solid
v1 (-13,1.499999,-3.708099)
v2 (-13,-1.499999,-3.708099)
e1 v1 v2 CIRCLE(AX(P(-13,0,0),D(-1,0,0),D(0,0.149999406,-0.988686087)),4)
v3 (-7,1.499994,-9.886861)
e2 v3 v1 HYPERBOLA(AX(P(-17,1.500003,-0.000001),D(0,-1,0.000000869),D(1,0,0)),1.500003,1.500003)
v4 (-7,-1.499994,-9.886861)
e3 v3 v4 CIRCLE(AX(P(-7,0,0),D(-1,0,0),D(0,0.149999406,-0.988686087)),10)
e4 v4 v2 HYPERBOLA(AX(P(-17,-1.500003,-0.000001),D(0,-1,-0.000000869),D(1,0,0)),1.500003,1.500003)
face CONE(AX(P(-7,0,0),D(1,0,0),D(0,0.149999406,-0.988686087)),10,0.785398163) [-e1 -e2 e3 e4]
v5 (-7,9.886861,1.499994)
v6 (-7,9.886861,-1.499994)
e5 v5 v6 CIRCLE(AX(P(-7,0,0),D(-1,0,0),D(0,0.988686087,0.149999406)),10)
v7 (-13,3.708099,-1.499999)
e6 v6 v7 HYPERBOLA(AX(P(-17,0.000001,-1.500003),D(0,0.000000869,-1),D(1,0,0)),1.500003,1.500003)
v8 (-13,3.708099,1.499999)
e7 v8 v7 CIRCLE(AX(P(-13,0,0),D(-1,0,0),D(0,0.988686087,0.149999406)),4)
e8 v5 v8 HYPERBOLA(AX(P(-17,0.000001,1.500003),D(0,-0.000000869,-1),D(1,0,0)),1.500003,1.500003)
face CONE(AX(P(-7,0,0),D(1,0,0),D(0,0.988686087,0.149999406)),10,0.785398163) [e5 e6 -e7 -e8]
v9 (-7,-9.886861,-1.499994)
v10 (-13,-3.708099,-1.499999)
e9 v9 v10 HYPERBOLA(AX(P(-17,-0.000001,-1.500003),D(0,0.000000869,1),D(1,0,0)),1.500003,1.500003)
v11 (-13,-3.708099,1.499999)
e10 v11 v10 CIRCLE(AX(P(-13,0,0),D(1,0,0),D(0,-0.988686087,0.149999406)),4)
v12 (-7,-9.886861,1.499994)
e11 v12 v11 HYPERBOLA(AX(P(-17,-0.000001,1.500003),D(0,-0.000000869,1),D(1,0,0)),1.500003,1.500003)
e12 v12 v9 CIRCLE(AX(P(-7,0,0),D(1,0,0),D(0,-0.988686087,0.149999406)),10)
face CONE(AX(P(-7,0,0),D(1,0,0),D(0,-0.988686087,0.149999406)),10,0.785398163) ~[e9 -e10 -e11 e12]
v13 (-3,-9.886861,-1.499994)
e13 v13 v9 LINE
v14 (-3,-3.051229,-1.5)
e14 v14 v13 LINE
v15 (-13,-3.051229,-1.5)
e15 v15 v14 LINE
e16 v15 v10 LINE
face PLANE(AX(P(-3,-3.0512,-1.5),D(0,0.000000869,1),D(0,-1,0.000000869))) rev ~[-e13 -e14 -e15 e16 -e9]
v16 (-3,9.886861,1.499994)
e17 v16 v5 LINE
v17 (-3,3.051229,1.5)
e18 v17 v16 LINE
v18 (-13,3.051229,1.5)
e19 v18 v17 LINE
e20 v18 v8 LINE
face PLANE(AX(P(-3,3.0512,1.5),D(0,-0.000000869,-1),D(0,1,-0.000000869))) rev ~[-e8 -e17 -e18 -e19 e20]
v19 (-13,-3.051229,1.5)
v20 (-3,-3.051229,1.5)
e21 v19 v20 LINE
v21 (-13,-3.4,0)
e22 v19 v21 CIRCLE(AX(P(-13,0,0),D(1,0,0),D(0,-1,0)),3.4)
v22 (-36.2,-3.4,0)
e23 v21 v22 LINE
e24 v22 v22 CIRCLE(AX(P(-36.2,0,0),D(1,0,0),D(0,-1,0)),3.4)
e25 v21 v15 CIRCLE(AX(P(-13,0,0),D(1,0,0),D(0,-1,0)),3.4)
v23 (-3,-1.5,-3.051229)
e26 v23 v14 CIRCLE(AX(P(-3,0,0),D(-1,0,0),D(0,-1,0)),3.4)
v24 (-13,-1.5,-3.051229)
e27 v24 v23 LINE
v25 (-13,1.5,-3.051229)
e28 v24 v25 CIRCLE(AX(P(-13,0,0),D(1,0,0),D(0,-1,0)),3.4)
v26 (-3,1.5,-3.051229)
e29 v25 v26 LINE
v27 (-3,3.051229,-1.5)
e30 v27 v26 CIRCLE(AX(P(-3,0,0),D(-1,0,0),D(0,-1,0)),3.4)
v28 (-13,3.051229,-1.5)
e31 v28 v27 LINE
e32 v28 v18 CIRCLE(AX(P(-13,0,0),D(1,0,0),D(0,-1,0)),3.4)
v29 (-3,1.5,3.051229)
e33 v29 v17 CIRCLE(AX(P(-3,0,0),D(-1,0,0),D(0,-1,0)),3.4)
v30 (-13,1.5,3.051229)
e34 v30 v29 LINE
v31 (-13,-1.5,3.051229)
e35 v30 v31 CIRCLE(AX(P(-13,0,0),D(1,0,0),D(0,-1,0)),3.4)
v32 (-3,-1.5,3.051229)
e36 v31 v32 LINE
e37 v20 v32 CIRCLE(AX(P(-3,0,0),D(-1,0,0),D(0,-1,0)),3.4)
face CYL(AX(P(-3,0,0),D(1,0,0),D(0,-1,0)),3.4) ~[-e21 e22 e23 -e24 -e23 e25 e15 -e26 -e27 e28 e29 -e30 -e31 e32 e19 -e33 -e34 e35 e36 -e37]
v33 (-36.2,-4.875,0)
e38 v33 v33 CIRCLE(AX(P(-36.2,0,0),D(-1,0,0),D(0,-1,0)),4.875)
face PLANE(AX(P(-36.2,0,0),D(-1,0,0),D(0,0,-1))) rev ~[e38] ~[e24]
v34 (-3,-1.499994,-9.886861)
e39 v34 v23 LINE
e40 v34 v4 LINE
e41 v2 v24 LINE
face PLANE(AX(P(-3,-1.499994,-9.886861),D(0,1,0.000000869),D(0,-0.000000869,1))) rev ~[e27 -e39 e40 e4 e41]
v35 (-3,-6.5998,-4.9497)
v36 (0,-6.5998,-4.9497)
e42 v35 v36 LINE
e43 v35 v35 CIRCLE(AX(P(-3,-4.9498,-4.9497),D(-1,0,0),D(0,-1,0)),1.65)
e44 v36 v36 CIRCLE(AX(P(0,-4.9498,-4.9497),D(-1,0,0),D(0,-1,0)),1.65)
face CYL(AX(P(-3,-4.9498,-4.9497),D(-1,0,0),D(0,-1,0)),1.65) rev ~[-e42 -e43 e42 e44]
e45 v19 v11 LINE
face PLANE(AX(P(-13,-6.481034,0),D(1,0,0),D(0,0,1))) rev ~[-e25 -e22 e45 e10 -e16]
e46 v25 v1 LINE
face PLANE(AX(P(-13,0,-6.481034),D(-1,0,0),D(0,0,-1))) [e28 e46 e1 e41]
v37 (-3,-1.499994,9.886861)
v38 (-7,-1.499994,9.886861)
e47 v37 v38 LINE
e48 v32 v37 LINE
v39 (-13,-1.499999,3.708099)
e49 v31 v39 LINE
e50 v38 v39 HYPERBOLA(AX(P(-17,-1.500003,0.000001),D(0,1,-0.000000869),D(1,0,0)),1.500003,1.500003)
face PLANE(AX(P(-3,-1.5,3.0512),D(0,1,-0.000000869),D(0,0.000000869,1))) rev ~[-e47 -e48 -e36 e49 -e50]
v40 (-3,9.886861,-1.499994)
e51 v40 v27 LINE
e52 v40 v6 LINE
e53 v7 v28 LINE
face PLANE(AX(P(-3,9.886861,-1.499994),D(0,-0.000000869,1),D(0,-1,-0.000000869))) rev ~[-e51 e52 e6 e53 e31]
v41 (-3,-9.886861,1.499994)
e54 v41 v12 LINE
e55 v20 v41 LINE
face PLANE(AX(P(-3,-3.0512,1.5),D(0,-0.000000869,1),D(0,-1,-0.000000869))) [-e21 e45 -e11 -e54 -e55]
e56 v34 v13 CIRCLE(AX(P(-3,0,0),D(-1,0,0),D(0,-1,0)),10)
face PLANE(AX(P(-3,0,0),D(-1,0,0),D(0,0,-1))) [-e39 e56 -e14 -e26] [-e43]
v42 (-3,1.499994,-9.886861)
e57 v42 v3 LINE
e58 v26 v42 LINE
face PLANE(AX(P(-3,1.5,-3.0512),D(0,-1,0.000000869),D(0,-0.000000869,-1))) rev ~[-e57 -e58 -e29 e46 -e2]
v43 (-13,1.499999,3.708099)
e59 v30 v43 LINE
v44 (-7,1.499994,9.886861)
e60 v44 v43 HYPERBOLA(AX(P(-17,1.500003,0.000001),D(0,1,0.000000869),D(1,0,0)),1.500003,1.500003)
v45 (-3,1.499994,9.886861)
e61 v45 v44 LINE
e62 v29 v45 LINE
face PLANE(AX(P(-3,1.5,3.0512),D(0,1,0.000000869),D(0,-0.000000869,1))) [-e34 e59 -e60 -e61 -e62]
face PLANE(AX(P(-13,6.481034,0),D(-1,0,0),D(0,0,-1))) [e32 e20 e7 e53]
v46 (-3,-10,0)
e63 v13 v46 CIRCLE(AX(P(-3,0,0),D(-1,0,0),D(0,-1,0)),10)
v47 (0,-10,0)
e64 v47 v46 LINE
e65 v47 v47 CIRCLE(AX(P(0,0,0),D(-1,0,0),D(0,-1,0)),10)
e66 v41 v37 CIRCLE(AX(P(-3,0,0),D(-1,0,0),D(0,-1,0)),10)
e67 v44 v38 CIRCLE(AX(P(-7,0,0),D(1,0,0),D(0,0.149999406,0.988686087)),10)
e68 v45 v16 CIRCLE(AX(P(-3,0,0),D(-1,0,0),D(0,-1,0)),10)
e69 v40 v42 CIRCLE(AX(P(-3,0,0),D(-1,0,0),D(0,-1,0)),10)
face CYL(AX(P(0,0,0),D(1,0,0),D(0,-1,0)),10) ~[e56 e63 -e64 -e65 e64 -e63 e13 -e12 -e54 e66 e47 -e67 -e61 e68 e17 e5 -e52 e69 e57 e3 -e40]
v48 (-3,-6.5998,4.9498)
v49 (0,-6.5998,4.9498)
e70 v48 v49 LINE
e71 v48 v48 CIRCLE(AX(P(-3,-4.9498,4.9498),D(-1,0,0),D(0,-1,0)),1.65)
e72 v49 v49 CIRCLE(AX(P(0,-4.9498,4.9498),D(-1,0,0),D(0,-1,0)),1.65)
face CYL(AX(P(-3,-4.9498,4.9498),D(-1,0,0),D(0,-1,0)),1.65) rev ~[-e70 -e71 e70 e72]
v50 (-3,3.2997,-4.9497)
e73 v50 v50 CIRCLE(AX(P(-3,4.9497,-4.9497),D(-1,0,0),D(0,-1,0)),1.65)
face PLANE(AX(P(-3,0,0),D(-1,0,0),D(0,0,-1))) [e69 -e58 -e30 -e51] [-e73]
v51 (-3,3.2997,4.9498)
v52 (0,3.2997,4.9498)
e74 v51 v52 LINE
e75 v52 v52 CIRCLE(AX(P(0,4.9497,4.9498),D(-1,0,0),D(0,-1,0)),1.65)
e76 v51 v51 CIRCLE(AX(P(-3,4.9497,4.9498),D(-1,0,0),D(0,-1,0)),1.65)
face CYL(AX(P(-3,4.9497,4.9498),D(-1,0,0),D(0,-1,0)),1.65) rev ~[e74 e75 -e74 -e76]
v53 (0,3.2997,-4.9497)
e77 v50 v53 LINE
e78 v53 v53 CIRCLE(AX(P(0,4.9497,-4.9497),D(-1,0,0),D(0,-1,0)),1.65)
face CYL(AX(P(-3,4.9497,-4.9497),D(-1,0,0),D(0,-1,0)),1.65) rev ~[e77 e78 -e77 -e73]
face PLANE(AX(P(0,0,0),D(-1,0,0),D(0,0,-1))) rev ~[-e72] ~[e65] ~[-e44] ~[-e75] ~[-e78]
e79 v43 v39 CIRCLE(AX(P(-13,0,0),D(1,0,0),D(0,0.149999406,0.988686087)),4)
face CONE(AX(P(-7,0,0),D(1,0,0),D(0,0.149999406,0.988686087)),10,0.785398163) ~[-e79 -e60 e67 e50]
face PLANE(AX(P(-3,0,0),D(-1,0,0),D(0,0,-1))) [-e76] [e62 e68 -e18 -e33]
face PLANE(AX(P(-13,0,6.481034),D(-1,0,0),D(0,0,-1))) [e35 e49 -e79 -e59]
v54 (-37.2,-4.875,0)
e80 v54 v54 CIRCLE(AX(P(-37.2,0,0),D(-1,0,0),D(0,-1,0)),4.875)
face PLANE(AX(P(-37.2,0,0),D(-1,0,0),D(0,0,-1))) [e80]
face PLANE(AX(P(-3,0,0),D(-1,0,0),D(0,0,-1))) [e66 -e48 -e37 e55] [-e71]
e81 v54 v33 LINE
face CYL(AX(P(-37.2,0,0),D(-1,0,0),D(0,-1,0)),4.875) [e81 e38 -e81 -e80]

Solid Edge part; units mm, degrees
sketch "Sketch1" plane through (0, 0, 0) normal (-1, 0, 0) x (0, -1, 0)
  circle A0 centre (0, 0) radius 10
extrude "Protrusion1" add sketch "Sketch1" along normal blind 3
sketch "Sketch2" plane through (-3, 0, 0) normal (-1, 0, 0) x (0, -1, 0)
  circle A0 centre (0, 0) radius 3.4
extrude "Protrusion2" add sketch "Sketch2" along normal blind 34.2
sketch "Sketch3" plane through (-3, 0, 0) normal (-1, 0, 0) x (0, -1, 0)
  line L0 (3.0512, 1.5) -> (9.8869, 1.5)
  arc A0 (9.8869, 1.5) -> (9.8869, -1.5) centre (0, 0) cw
  line L1 (3.0512, -1.5) -> (9.8869, -1.5)
  line L2 (3.0512, 1.5) -> (3.0512, -1.5)
  line L3 (1.5, 3.0512) -> (1.5, 9.8869)
  arc A1 (-1.5, 9.8869) -> (1.5, 9.8869) centre (0, 0) cw
  line L4 (-1.5, 3.0512) -> (-1.5, 9.8869)
  line L5 (-1.5, 3.0512) -> (1.5, 3.0512)
  line L6 (-3.0512, 1.5) -> (-9.8869, 1.5)
  arc A2 (-9.8869, 1.5) -> (-9.8869, -1.5) centre (0, 0) ccw
  line L7 (-9.8869, -1.5) -> (-3.0512, -1.5)
  line L8 (-3.0512, -1.5) -> (-3.0512, 1.5)
  line L9 (-1.5, -3.0512) -> (-1.5, -9.8869)
  arc A3 (-1.5, -9.8869) -> (1.5, -9.8869) centre (0, 0) ccw
  line L10 (1.5, -9.8869) -> (1.5, -3.0512)
  line L11 (1.5, -3.0512) -> (-1.5, -3.0512)
extrude "Protrusion3" add sketch "Sketch3" along normal blind 10
chamfer "Chamfer1" distance 6 angle 45 4 edges at (-13, -10, 0) (-13, 0, 10) (-13, 10, 0) (-13, 0, -10)
sketch "Sketch4" plane through (-3, 5.9983, -5.9983) normal (-1, 0, 0) x (0, -1, 0)
  circle A0 centre (1.0486, 1.0486) radius 1.65
  circle A1 centre (10.9481, 1.0486) radius 1.65
  circle A2 centre (10.9481, 10.9481) radius 1.65
  circle A3 centre (1.0486, 10.9481) radius 1.65
extrude "Cutout1" cut sketch "Sketch4" against normal up to next
sketch "Sketch5" plane through (-37.2, 0, 0) normal (-1, 0, 0) x (0, -1, 0)
  circle A0 centre (0, 0) radius 4.875
extrude "Protrusion4" add sketch "Sketch5" against normal blind 1
